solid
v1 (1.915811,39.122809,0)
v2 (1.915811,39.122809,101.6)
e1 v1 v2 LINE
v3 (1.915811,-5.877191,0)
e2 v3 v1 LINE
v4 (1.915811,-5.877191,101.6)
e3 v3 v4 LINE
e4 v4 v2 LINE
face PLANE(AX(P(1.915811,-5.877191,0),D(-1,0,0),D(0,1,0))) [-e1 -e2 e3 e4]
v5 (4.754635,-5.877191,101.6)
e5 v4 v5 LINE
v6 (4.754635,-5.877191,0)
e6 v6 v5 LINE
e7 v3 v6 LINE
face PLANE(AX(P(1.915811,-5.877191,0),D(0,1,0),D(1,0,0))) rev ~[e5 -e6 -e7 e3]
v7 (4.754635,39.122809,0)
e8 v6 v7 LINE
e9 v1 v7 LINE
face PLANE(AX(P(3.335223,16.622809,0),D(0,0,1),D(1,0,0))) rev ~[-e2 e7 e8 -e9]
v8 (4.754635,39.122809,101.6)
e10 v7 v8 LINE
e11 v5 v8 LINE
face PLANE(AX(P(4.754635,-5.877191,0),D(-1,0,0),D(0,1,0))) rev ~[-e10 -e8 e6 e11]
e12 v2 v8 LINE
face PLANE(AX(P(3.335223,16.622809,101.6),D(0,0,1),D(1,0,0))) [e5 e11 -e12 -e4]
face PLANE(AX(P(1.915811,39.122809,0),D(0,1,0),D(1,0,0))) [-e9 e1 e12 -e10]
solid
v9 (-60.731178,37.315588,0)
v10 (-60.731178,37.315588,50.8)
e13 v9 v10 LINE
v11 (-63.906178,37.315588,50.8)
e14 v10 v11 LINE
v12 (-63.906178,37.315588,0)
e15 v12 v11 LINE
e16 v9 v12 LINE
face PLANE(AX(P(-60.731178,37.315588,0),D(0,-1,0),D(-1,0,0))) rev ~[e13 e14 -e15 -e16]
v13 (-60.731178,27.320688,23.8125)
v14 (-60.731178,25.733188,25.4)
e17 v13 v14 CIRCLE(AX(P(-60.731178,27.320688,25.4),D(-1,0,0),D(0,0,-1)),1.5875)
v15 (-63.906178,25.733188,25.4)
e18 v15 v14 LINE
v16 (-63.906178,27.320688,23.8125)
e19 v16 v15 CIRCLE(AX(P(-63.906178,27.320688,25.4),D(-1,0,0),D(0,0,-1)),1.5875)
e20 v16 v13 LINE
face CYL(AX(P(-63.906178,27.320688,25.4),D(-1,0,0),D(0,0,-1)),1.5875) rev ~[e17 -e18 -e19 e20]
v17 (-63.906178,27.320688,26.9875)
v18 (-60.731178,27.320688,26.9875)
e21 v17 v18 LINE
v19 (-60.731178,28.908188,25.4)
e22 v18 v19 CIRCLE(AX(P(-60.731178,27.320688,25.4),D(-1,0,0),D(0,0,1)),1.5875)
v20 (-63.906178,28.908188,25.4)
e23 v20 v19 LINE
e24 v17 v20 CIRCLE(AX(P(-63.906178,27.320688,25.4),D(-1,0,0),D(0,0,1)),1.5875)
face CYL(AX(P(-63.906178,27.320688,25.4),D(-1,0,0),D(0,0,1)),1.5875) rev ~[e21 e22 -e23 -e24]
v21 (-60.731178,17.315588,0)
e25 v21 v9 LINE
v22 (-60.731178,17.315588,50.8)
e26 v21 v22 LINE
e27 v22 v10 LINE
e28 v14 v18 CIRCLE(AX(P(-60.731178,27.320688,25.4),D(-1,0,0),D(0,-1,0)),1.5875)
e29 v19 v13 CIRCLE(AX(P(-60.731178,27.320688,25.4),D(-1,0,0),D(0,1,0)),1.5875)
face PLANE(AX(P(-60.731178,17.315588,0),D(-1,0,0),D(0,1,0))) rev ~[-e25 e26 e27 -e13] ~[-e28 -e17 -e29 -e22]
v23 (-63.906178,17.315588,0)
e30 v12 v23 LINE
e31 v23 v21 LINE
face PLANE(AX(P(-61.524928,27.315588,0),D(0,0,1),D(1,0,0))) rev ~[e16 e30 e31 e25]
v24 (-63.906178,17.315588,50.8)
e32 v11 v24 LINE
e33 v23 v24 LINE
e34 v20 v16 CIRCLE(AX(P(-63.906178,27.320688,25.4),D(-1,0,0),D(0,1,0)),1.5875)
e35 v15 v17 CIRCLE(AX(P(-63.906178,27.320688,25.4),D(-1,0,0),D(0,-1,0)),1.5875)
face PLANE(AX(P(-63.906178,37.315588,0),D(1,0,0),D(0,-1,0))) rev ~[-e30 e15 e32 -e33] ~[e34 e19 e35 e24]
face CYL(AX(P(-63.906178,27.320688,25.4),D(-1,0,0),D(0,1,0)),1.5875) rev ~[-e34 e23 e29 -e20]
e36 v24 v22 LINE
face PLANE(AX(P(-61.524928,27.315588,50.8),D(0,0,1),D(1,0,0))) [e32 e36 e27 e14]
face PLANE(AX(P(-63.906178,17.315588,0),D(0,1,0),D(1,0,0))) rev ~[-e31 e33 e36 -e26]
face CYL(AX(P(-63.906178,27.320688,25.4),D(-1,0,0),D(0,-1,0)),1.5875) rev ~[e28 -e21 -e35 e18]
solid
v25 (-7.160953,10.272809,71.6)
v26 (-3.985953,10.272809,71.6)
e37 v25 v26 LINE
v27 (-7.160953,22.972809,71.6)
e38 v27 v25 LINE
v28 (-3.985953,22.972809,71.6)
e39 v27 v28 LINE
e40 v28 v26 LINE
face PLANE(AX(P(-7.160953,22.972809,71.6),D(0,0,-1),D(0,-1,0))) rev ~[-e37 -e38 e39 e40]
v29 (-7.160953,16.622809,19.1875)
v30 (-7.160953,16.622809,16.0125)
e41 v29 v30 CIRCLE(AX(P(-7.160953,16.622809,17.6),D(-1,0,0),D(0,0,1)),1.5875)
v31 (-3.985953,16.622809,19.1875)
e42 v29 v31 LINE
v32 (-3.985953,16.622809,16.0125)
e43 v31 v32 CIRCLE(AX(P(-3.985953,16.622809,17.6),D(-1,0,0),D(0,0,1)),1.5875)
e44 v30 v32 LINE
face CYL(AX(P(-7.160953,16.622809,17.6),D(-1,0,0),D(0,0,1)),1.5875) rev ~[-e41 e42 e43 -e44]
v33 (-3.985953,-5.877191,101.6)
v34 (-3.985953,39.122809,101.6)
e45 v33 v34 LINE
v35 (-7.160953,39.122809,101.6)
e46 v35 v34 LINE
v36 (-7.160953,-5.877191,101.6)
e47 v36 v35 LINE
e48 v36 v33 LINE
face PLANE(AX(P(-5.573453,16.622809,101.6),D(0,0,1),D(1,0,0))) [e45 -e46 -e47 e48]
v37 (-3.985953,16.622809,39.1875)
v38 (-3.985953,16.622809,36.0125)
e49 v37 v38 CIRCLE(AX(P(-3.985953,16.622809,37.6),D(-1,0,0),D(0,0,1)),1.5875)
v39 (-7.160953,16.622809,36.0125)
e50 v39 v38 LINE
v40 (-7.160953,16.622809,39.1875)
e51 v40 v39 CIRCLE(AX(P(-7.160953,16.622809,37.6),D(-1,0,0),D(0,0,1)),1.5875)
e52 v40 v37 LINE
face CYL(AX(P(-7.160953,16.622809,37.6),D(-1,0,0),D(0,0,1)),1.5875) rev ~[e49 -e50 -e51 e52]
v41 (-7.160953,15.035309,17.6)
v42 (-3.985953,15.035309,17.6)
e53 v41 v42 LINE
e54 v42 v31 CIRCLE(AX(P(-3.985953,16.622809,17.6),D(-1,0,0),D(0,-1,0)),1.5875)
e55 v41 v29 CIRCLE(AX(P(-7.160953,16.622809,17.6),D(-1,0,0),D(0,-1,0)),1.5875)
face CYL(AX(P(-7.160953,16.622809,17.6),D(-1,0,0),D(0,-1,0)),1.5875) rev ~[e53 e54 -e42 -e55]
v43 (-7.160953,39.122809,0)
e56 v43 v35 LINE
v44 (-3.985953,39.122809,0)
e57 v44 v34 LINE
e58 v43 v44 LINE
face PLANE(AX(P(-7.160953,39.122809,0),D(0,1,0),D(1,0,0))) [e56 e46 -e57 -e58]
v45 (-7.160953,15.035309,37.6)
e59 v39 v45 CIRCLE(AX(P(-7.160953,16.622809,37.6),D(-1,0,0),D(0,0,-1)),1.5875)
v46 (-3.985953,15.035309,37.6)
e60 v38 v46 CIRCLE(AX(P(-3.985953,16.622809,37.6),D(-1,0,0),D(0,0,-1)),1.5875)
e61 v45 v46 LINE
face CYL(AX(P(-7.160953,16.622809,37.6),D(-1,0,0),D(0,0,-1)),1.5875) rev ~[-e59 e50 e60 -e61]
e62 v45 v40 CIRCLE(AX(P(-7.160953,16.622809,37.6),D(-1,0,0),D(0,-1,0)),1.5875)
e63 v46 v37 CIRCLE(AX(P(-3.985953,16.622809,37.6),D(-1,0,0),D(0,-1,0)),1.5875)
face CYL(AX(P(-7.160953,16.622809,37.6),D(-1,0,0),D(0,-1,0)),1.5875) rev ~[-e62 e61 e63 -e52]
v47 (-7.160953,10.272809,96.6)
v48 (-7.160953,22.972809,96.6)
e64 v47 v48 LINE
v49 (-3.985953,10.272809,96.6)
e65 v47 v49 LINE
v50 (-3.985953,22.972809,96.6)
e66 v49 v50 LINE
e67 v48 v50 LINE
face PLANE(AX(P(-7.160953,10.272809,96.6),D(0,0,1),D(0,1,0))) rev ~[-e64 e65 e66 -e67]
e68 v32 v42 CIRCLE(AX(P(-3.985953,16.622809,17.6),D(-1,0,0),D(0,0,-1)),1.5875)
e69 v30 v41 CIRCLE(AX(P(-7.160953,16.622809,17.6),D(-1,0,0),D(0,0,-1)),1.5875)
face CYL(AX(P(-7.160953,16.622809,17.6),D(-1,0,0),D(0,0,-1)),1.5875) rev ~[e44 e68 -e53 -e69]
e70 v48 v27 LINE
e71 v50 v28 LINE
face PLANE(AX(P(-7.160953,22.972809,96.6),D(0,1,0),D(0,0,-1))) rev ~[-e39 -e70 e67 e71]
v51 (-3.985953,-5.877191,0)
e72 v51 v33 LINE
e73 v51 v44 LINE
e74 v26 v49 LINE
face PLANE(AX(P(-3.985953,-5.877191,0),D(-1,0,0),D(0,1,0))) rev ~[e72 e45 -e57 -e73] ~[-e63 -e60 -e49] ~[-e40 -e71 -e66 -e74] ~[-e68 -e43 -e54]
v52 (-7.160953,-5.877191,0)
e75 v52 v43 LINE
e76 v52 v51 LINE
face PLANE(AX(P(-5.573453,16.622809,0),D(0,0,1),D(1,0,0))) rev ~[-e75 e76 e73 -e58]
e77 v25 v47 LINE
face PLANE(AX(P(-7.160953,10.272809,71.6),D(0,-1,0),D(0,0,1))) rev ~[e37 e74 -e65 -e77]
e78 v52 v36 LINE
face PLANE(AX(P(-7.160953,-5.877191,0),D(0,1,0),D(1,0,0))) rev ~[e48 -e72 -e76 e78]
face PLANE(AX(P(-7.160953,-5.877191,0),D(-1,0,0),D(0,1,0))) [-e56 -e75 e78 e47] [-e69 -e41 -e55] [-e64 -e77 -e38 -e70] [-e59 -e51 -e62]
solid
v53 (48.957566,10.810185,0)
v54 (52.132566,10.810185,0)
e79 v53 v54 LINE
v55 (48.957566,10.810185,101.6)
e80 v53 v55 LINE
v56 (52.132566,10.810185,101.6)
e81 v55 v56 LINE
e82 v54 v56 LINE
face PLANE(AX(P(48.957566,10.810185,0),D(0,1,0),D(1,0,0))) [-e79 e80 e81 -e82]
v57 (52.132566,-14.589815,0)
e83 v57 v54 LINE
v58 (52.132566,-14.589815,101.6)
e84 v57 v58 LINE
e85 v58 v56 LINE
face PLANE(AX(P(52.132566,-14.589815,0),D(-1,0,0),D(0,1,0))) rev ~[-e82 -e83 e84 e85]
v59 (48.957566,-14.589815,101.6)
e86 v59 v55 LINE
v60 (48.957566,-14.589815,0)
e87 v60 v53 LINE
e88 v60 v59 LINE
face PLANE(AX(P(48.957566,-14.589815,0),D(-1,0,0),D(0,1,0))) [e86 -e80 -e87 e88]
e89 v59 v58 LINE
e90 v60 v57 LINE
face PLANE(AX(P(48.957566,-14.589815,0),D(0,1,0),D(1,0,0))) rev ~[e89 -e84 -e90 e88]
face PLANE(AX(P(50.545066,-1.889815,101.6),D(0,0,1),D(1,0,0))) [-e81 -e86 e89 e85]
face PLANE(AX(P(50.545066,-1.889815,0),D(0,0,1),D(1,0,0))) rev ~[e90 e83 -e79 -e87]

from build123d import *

# Parameters (mm, degrees)
F0_W     = 2.8388235675
F0_H     = 45
F1_DEPTH = 101.6
F0_W_2   = 3.175
F0_W_3   = 1.5875
F0_H_2   = 20
F3_DEPTH = 3.175
F4_DEPTH = 50.8
F6_DEPTH = 3.175
F0_H_3   = 25.4
F7_DEPTH = 101.6


with BuildPart() as f1:
    # F0 (on Top) → F1 (new body)
    with BuildSketch(Plane.XY):
        with Locations((3.3352231996, 16.6228093921)):
            Rectangle(F0_W, F0_H)
    extrude(amount=F1_DEPTH)


with BuildPart() as f1b:
    # F0 (on Top) → F1, piece 2 (new body)
    with BuildSketch(Plane.XY):
        with Locations((-5.573452724, 16.6228093921)):
            Rectangle(F0_W_2, F0_H)
    extrude(amount=F1_DEPTH)

    # F2 (on face) → F3 (cut)
    with BuildSketch(Plane(origin=(-7.160952724, 0, 0), x_dir=(0, -1, 0), z_dir=(-1, 0, 0))):
        Polygon((-10.2728093921, 96.6), (-16.6228093921, 96.6), (-22.9728093921, 96.6), (-22.9728093921, 71.6), (-16.6228093921, 71.6), (-10.2728093921, 71.6), align=None)
        with BuildLine():
            Line((-16.6228093921, 37.6), (-16.6228093921, 39.1875))
            ThreePointArc((-16.6228093921, 39.1875), (-18.2103093921, 37.6), (-16.6228093921, 36.0125))
            Line((-16.6228093921, 36.0125), (-16.6228093921, 37.6))
        make_face()
        with BuildLine():
            ThreePointArc((-15.0353093921, 37.6), (-15.500277377, 38.7225320151), (-16.6228093921, 39.1875))
            Line((-16.6228093921, 39.1875), (-16.6228093921, 37.6))
            Line((-16.6228093921, 37.6), (-16.6228093921, 36.0125))
            ThreePointArc((-16.6228093921, 36.0125), (-15.500277377, 36.4774679849), (-15.0353093921, 37.6))
        make_face()
        with BuildLine():
            ThreePointArc((-15.0353093921, 17.6), (-15.500277377, 18.7225320151), (-16.6228093921, 19.1875))
            Line((-16.6228093921, 19.1875), (-16.6228093921, 17.6))
            Line((-16.6228093921, 17.6), (-16.6228093921, 16.0125))
            ThreePointArc((-16.6228093921, 16.0125), (-15.500277377, 16.4774679849), (-15.0353093921, 17.6))
        make_face()
        with BuildLine():
            Line((-16.6228093921, 17.6), (-16.6228093921, 19.1875))
            ThreePointArc((-16.6228093921, 19.1875), (-18.2103093921, 17.6), (-16.6228093921, 16.0125))
            Line((-16.6228093921, 16.0125), (-16.6228093921, 17.6))
        make_face()
    extrude(amount=-F3_DEPTH, mode=Mode.SUBTRACT)


with BuildPart() as f1c:
    # F0 (on Top) → F1, piece 3 (new body)
    with BuildSketch(Plane.XY):
        with Locations((-61.5249278784, 27.3155884445)):
            Rectangle(F0_W_3, F0_H_2)
        Polygon((-62.3186778784, 37.3155884445), (-63.9061778784, 37.3155884445), (-63.9061778784, 27.3155884445), (-63.9061778784, 17.3155884445), (-62.3186778784, 17.3155884445), align=None)
    extrude(amount=F1_DEPTH)

    # F4 (cut): a face of the model
    f4_faces = [f1c.faces().sort_by_distance(p)[0] for p in [
        (-62.3186778784, 27.3155884445, 101.6),
    ]]
    extrude(f4_faces, amount=-F4_DEPTH, mode=Mode.SUBTRACT)

    # F5 (on face) → F6 (cut)
    with BuildSketch(Plane(origin=(-63.9061778784, 0, 0), x_dir=(0, -1, 0), z_dir=(-1, 0, 0))):
        with BuildLine():
            Line((-27.3206884445, 26.9875), (-27.3206884445, 25.4))
            Line((-27.3206884445, 25.4), (-25.7331884445, 25.4))
            ThreePointArc((-25.7331884445, 25.4), (-26.1981564293, 26.5225320151), (-27.3206884445, 26.9875))
        make_face()
        with BuildLine():
            ThreePointArc((-27.3206884445, 26.9875), (-28.4432204596, 26.5225320151), (-28.9081884445, 25.4))
            Line((-28.9081884445, 25.4), (-27.3206884445, 25.4))
            Line((-27.3206884445, 25.4), (-27.3206884445, 26.9875))
        make_face()
        with BuildLine():
            Line((-27.3206884445, 25.4), (-28.9081884445, 25.4))
            ThreePointArc((-28.9081884445, 25.4), (-28.4432204596, 24.2774679849), (-27.3206884445, 23.8125))
            Line((-27.3206884445, 23.8125), (-27.3206884445, 25.4))
        make_face()
        with BuildLine():
            Line((-27.3206884445, 25.4), (-27.3206884445, 23.8125))
            ThreePointArc((-27.3206884445, 23.8125), (-26.1981564293, 24.2774679849), (-25.7331884445, 25.4))
            Line((-25.7331884445, 25.4), (-27.3206884445, 25.4))
        make_face()
    extrude(amount=-F6_DEPTH, mode=Mode.SUBTRACT)


with BuildPart() as f7:
    # F0 (on Top) → F7 (new body)
    with BuildSketch(Plane.XY):
        with Locations((50.5450655282, -1.8898154005)):
            Rectangle(F0_W_2, F0_H_3)
    extrude(amount=F7_DEPTH)


solid = Compound([f1.part, f1b.part, f1c.part, f7.part])
